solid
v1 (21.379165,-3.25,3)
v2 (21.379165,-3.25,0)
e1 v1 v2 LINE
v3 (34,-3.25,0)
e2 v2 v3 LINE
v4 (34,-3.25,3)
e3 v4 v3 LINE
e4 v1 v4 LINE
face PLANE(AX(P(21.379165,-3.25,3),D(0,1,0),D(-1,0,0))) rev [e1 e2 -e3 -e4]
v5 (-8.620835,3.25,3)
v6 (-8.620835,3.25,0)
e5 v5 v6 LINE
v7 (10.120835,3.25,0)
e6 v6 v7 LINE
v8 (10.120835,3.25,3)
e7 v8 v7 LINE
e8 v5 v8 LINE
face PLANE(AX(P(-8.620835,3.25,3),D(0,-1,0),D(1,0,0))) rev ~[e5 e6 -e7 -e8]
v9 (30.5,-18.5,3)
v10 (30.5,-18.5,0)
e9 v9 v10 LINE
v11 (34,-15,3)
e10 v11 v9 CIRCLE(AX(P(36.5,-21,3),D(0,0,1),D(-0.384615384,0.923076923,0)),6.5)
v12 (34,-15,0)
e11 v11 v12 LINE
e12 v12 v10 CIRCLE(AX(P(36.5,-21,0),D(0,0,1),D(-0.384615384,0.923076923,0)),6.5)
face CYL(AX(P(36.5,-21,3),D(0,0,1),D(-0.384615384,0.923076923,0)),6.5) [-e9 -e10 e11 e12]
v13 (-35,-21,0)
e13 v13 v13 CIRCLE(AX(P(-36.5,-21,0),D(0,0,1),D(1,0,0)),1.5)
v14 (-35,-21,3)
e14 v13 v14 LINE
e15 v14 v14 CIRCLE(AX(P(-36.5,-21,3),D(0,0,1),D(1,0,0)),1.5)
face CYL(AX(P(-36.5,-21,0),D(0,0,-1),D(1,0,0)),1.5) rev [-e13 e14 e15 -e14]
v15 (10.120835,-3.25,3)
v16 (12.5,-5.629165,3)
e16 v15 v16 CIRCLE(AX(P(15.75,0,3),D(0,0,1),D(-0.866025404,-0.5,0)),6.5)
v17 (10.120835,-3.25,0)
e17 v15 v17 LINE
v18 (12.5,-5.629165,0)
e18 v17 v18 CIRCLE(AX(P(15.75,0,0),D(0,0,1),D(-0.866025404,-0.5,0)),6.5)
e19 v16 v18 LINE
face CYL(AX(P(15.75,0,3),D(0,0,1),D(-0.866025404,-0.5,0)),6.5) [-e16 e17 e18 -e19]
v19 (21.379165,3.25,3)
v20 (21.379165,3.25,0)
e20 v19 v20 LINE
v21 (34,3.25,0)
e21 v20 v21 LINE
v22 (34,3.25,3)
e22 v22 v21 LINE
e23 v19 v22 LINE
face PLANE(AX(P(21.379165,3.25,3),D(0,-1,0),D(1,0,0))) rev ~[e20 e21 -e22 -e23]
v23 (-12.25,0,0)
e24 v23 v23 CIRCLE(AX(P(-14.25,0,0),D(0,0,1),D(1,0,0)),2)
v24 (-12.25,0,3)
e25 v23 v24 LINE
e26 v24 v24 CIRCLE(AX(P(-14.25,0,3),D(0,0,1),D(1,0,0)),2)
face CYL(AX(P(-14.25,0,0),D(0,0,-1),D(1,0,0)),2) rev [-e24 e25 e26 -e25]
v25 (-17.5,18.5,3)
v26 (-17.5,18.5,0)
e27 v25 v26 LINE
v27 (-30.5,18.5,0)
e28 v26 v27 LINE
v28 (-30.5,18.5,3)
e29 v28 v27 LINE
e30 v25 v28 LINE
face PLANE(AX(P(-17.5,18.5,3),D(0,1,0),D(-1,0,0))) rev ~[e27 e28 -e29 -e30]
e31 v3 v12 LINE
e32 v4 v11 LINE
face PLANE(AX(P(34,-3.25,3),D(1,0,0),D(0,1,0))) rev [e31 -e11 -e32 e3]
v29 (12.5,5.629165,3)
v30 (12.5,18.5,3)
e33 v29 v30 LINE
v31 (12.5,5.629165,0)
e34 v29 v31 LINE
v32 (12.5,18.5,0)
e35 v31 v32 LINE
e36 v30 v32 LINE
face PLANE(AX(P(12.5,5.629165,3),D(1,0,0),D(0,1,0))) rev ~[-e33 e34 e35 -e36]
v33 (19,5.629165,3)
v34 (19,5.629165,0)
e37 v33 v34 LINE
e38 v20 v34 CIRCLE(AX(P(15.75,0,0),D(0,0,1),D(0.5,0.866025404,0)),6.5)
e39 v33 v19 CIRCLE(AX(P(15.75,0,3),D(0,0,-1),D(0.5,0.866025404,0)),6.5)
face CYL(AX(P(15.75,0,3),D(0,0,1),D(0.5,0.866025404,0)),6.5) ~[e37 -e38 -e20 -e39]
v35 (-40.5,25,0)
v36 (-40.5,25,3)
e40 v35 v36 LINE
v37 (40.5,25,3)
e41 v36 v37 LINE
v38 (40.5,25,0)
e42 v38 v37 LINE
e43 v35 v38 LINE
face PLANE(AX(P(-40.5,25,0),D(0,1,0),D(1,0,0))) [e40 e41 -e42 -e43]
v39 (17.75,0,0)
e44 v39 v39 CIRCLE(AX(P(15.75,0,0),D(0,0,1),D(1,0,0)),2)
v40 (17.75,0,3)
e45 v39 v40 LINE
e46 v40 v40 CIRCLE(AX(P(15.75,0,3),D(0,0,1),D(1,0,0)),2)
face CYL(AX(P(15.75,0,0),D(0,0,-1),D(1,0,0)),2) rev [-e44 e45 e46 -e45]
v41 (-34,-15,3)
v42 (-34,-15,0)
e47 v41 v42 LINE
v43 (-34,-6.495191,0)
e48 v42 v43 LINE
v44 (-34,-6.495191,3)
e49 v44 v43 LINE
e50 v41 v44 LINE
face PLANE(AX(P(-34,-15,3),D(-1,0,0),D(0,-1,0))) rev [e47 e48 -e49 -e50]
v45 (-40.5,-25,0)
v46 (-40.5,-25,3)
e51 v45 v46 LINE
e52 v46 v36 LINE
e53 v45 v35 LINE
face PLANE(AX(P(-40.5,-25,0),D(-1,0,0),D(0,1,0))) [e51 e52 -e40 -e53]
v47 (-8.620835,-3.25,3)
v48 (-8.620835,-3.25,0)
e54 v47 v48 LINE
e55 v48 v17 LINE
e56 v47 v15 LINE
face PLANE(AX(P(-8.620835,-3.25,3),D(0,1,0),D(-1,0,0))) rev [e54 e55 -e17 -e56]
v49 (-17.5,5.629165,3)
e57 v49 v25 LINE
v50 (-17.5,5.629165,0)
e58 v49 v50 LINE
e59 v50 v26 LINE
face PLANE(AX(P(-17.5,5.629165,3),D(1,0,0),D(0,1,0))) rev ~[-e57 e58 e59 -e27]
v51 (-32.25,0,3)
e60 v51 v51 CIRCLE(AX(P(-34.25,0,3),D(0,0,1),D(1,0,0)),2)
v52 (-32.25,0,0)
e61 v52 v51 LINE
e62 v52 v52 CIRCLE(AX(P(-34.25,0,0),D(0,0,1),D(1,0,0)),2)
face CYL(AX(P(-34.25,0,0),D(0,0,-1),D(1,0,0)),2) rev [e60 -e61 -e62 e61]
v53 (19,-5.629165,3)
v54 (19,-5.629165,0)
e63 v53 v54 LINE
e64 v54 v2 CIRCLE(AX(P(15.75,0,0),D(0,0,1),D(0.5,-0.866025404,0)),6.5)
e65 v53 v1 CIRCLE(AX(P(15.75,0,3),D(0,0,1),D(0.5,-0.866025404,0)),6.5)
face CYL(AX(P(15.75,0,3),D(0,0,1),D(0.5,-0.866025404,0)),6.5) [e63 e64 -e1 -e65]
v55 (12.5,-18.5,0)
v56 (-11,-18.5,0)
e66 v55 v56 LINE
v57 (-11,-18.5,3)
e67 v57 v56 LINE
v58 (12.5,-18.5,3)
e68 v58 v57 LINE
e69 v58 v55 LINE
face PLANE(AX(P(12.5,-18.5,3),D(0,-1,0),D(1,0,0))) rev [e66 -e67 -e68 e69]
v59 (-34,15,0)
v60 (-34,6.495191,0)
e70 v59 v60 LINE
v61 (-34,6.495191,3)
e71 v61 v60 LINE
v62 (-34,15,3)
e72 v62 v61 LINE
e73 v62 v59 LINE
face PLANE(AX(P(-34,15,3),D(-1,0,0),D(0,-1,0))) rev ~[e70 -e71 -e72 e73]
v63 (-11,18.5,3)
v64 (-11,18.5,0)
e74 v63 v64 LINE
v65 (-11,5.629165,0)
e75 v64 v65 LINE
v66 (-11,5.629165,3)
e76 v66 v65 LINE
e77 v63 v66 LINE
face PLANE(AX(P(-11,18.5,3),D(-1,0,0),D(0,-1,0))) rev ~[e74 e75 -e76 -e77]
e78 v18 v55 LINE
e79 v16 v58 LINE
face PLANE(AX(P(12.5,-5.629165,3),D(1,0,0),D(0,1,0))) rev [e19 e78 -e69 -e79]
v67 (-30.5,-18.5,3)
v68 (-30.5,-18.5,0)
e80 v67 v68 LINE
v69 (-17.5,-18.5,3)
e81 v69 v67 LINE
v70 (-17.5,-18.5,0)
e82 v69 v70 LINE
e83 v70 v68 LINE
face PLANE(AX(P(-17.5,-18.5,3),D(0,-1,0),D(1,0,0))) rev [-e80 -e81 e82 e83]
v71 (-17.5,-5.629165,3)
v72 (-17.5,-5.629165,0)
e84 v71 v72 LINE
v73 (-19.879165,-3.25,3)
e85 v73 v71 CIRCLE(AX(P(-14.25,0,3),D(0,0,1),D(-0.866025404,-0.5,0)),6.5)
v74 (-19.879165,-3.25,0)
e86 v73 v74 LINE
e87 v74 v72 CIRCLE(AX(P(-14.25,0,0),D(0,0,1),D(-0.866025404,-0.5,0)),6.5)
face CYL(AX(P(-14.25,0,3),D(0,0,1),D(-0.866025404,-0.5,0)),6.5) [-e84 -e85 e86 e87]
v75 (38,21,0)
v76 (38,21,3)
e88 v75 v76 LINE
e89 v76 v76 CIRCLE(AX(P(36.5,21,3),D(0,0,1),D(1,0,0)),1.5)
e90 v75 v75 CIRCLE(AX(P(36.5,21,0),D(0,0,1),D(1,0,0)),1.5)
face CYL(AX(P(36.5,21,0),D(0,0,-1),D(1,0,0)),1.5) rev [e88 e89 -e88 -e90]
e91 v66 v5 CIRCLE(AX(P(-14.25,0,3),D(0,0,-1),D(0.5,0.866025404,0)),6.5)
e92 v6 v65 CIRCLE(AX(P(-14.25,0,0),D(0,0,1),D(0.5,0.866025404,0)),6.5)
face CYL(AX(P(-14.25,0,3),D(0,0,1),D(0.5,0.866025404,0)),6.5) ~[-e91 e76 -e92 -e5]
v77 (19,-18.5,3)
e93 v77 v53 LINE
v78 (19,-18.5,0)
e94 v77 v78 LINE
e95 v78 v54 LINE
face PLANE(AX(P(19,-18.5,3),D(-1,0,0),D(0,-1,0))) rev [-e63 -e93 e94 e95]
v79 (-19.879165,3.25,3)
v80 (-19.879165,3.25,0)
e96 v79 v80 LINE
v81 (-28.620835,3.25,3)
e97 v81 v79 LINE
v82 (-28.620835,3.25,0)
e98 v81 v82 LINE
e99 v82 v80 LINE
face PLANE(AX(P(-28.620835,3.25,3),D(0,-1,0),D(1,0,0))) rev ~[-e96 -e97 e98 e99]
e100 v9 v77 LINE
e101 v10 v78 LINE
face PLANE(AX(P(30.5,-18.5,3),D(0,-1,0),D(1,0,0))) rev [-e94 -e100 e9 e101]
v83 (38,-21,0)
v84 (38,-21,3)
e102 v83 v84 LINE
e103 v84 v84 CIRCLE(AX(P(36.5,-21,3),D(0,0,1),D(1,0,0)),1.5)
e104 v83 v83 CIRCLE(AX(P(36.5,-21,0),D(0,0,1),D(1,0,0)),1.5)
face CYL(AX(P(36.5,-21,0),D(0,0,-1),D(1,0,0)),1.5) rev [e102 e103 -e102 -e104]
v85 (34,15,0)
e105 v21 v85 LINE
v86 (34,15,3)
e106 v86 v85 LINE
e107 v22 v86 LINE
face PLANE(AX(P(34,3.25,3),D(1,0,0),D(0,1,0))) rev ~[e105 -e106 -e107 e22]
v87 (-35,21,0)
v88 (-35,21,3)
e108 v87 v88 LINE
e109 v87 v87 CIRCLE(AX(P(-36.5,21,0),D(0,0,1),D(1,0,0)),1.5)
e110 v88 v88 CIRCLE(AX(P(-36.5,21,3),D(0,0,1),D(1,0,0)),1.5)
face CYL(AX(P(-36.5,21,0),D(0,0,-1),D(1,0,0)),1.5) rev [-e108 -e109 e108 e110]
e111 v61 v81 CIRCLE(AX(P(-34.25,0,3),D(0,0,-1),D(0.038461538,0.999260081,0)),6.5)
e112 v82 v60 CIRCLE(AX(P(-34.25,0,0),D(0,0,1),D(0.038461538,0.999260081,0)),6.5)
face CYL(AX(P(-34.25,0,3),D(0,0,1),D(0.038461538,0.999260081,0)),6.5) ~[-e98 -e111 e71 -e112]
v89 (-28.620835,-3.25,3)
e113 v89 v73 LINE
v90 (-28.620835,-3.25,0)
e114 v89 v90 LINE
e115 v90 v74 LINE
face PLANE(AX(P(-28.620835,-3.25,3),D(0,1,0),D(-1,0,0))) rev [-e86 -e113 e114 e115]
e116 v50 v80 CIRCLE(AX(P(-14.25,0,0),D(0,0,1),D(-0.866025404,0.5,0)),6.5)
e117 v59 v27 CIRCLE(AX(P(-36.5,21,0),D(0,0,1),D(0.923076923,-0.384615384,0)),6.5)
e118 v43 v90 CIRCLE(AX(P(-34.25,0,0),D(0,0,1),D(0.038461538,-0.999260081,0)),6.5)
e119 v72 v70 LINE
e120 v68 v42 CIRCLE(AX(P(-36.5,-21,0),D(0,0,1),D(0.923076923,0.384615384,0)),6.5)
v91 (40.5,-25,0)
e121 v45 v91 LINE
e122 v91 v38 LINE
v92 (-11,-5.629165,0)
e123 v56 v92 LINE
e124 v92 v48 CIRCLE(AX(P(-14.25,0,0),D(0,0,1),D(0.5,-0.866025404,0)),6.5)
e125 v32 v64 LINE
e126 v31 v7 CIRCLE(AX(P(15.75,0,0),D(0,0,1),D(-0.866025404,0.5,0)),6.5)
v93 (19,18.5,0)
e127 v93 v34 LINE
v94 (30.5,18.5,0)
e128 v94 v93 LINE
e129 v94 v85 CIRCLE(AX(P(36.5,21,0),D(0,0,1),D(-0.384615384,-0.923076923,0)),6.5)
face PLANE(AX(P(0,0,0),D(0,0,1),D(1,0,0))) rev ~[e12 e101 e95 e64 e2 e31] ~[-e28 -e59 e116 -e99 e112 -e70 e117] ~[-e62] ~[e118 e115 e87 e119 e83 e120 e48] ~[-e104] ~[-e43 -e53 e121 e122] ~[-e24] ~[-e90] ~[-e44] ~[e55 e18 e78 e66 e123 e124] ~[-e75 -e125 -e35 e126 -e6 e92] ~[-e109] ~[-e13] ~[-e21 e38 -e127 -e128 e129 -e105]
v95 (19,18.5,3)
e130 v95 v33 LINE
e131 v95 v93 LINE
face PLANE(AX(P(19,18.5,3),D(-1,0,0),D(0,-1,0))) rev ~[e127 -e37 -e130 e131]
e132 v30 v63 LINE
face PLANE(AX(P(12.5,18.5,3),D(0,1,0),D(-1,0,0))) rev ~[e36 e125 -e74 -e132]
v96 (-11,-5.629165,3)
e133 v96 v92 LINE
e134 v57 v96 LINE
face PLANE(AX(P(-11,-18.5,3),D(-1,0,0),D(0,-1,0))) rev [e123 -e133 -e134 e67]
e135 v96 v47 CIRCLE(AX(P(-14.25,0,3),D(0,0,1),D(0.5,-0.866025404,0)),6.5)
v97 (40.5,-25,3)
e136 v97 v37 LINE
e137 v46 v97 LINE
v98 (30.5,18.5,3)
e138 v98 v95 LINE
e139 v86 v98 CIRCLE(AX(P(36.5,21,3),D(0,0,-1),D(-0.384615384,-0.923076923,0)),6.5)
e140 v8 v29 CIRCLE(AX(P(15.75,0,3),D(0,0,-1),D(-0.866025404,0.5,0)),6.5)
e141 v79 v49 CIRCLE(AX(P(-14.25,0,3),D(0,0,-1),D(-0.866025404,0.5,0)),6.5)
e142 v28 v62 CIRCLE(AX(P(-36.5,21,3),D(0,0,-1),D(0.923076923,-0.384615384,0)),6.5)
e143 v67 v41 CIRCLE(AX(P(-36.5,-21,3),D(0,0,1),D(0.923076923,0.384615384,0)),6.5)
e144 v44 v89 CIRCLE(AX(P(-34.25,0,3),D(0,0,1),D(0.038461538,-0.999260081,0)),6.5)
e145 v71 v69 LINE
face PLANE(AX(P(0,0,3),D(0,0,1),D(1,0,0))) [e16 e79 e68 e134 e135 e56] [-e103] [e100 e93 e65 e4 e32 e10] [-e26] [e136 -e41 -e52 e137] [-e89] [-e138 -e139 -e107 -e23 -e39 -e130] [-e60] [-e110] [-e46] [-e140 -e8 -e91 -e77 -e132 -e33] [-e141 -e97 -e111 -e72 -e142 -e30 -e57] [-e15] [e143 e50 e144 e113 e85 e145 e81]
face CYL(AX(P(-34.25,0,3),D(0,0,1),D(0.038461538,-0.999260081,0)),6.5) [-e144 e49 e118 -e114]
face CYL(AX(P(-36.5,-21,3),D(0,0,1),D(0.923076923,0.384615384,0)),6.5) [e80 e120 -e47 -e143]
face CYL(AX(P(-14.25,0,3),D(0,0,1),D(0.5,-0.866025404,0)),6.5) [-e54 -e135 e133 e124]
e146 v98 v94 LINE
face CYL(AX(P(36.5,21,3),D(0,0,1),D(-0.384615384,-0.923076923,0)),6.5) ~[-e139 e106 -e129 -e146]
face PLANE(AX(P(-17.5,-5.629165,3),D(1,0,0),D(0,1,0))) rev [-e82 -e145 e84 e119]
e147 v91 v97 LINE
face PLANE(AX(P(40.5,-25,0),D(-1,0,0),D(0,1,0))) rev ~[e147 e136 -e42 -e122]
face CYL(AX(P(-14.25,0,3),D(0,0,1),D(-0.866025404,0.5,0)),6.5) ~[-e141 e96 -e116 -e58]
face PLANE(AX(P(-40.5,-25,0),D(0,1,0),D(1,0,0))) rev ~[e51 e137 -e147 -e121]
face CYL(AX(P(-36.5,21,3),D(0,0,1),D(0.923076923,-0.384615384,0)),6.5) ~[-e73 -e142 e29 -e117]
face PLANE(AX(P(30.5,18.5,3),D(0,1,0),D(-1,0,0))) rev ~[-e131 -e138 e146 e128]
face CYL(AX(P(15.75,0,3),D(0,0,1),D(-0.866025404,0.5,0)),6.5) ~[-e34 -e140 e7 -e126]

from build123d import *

# Parameters (mm, degrees)
SKETCH1_W           = 81
SKETCH1_H           = 50
SKETCH1_R           = 2
SKETCH1_R_2         = 1.5
BOSS_EXTRUDE1_DEPTH = 3
CUT_EXTRUDE1_DEPTH  = 4


with BuildPart() as part:
    # Sketch1 → Boss-Extrude1 (new body)
    with BuildSketch(Plane.XY):
        Rectangle(SKETCH1_W, SKETCH1_H)
        with Locations((-34.25, 0)):
            Circle(SKETCH1_R, mode=Mode.SUBTRACT)
        with Locations((-14.25, 0)):
            Circle(SKETCH1_R, mode=Mode.SUBTRACT)
        with Locations((15.75, 0)):
            Circle(SKETCH1_R, mode=Mode.SUBTRACT)
        with Locations((-36.5, 21)):
            Circle(SKETCH1_R_2, mode=Mode.SUBTRACT)
        with Locations((36.5, 21)):
            Circle(SKETCH1_R_2, mode=Mode.SUBTRACT)
        with Locations((36.5, -21)):
            Circle(SKETCH1_R_2, mode=Mode.SUBTRACT)
        with Locations((-36.5, -21)):
            Circle(SKETCH1_R_2, mode=Mode.SUBTRACT)
    extrude(amount=BOSS_EXTRUDE1_DEPTH)

    # Sketch3 → Cut-Extrude1 (cut, through all)
    with BuildSketch(Plane.XY.offset(3)):
        with BuildLine():
            Line((30.5, 18.5), (19, 18.5))
            Line((19, 18.5), (19, 5.629165125))
            ThreePointArc((19, 5.629165125), (20.346194078, 4.596194078), (21.379165125, 3.25))
            Line((21.379165125, 3.25), (34, 3.25))
            Line((34, 3.25), (34, 15))
            ThreePointArc((34, 15), (31.903805922, 16.403805922), (30.5, 18.5))
        make_face()
        with BuildLine():
            Line((12.5, 5.629165125), (12.5, 18.5))
            Line((12.5, 18.5), (-11, 18.5))
            Line((-11, 18.5), (-11, 5.629165125))
            ThreePointArc((-11, 5.629165125), (-9.653805922, 4.596194078), (-8.620834875, 3.25))
            Line((-8.620834875, 3.25), (10.120834875, 3.25))
            ThreePointArc((10.120834875, 3.25), (11.153805922, 4.596194078), (12.5, 5.629165125))
        make_face()
        with BuildLine():
            Line((-28.620834875, 3.25), (-19.879165125, 3.25))
            ThreePointArc((-19.879165125, 3.25), (-18.846194078, 4.596194078), (-17.5, 5.629165125))
            Line((-17.5, 5.629165125), (-17.5, 18.5))
            Line((-17.5, 18.5), (-30.5, 18.5))
            ThreePointArc((-30.5, 18.5), (-31.903805922, 16.403805922), (-34, 15))
            Line((-34, 15), (-34, 6.495190528))
            ThreePointArc((-34, 6.495190528), (-30.892328034, 5.565612183), (-28.620834875, 3.25))
        make_face()
    cut_extrude1 = extrude(amount=-CUT_EXTRUDE1_DEPTH, mode=Mode.SUBTRACT)

    # Mirror2: Cut-Extrude1 across plane
    add(cut_extrude1.mirror(Plane.ZX), mode=Mode.SUBTRACT)


solid = part.part
